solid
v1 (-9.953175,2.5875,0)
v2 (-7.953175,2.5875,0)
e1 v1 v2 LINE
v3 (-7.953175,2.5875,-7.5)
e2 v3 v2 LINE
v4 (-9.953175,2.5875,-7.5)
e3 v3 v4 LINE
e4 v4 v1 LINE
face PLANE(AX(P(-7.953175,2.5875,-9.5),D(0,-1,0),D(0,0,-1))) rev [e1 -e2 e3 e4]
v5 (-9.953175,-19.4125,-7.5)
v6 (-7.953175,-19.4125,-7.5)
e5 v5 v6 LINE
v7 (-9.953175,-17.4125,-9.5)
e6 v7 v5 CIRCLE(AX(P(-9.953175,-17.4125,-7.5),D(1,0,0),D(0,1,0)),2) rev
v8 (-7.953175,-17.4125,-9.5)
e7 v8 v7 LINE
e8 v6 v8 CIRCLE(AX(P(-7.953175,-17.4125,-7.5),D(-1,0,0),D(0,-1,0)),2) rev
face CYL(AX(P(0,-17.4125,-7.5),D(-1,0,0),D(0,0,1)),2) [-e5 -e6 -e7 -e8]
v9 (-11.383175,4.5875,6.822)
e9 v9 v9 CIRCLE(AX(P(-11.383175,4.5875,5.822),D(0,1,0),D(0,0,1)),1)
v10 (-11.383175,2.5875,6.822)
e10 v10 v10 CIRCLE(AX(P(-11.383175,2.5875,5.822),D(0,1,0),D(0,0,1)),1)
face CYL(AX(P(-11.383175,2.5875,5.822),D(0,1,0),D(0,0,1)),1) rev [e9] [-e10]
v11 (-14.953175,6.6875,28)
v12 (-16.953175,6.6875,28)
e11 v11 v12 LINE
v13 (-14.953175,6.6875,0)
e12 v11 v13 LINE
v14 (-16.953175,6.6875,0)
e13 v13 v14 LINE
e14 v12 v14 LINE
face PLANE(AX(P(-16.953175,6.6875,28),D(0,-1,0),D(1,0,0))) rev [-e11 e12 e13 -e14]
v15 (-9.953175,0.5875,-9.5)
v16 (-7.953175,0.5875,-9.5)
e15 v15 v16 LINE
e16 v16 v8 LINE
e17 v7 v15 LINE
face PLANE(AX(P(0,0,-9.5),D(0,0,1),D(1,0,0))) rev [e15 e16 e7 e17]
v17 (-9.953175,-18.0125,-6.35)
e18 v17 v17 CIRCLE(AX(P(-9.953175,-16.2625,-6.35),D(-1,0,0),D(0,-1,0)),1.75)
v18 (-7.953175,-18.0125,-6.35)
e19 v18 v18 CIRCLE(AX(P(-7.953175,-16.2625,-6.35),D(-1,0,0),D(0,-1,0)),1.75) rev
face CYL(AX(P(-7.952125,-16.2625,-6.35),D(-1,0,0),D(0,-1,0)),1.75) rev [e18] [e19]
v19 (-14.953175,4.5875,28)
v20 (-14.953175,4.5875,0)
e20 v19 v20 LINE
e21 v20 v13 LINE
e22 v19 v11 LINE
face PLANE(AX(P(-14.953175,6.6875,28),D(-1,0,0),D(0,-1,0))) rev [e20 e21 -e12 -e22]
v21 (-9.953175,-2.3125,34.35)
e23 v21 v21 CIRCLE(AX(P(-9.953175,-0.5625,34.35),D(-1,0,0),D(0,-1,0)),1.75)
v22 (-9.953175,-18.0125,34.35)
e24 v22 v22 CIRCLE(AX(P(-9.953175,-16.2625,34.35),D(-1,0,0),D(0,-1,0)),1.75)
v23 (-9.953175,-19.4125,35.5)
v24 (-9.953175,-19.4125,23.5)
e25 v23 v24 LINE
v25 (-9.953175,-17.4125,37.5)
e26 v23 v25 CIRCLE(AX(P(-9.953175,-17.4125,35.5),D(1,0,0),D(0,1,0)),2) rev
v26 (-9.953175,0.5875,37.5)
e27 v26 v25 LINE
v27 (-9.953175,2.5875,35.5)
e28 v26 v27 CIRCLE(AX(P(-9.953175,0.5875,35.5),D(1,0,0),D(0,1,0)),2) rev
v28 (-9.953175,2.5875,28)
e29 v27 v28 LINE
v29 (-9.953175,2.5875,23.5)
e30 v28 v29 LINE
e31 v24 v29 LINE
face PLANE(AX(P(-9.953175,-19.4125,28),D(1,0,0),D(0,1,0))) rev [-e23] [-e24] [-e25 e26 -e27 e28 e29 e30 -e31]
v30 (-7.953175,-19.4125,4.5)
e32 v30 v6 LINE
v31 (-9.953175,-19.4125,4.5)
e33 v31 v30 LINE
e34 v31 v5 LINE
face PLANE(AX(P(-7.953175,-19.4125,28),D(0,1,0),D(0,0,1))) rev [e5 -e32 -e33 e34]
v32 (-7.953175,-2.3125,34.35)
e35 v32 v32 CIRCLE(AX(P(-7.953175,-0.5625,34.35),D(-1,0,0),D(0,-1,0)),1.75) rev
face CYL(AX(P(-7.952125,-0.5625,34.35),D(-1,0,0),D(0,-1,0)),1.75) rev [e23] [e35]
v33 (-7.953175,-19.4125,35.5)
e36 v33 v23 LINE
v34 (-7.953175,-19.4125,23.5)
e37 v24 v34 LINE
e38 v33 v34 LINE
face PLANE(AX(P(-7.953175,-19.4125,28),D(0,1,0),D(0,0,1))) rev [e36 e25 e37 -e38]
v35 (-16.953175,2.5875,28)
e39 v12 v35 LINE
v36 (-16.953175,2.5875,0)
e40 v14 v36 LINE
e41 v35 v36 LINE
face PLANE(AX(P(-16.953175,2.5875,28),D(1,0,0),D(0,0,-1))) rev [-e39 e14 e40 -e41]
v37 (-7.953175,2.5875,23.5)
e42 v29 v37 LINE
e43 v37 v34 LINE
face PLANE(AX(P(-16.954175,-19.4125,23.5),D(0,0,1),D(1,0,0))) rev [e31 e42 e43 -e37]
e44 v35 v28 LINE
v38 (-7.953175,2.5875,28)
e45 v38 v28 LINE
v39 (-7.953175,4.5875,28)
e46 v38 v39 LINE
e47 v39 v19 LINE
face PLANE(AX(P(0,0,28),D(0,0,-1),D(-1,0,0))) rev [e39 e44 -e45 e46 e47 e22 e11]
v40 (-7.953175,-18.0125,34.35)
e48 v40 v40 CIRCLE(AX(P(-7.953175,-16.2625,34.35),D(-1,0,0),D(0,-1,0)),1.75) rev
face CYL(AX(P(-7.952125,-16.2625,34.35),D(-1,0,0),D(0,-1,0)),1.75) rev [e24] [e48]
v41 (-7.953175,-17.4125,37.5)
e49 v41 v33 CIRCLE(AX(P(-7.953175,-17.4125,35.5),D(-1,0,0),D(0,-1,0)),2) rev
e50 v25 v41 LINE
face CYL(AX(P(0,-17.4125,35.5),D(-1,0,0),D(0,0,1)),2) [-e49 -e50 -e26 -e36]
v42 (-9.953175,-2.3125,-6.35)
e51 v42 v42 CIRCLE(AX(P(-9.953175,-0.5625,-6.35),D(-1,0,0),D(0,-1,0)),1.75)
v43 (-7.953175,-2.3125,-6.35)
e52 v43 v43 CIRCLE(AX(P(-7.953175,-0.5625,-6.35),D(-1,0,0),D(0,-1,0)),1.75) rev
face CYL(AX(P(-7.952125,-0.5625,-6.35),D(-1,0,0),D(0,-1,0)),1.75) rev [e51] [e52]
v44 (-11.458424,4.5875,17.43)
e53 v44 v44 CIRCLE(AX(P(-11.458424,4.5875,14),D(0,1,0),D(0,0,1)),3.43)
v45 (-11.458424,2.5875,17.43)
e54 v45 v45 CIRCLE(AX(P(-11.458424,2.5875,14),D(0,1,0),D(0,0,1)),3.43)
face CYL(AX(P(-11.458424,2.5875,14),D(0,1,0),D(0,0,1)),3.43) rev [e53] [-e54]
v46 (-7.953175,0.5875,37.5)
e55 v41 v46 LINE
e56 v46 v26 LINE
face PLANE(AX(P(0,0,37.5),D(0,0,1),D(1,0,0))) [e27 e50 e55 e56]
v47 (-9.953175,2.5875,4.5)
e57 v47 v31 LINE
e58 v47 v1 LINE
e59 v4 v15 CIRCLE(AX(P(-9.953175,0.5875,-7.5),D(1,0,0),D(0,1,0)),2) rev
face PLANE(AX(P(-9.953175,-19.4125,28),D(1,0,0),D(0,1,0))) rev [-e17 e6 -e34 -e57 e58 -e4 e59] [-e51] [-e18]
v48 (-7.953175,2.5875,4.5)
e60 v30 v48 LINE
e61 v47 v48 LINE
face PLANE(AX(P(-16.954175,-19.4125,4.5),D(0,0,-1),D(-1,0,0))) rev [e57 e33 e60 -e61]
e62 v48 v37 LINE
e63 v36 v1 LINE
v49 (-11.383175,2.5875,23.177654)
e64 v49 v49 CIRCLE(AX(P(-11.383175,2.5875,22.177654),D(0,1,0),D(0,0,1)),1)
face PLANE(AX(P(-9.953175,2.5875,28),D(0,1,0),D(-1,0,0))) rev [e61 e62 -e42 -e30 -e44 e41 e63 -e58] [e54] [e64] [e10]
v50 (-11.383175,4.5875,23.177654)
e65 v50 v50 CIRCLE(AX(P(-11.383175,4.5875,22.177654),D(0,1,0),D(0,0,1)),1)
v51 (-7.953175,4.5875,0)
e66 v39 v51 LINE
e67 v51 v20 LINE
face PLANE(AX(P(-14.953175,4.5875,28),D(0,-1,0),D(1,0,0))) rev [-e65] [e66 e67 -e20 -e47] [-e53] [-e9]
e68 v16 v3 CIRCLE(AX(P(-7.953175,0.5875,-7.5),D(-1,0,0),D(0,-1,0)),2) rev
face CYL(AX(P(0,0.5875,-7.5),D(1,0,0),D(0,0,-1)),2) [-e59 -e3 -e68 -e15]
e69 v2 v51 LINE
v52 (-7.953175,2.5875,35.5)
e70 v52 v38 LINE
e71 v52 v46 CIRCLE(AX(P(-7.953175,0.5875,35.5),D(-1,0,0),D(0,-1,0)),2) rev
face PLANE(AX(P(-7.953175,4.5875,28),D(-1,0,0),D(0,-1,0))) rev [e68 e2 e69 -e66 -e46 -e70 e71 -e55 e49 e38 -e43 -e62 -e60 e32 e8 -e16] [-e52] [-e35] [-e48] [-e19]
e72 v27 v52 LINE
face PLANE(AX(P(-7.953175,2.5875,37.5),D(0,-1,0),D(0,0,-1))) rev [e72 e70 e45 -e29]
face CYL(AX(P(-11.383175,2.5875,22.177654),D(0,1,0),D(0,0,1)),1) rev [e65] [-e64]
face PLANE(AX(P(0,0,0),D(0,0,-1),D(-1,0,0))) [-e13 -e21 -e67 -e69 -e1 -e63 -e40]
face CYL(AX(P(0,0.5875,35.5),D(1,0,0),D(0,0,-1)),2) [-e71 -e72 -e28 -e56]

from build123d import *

# Parameters (mm, degrees)
BOSS_EXTRUDE3_DEPTH = 28
SKETCH4_R           = 3.43
SKETCH4_R_2         = 1
CUT_EXTRUDE1_DEPTH  = 2
SKETCH6_W           = 2
SKETCH6_H           = 22
BOSS_EXTRUDE4_DEPTH = 9.5
SKETCH7_W           = 2
SKETCH7_H           = 22
BOSS_EXTRUDE5_DEPTH = 9.5
FILLET1_R           = 2
FILLET2_R           = 2
FILLET3_R           = 2
CUT_EXTRUDE2_REACH  = 4
SKETCH8_R           = 1.75
CUT_EXTRUDE3_REACH  = 11
SKETCH9_W           = 19
SKETCH9_H           = 22


with BuildPart() as part:
    # Sketch3 → Boss-Extrude3 (new body)
    with BuildSketch(Plane.XY):
        Polygon((-16.953175304, 6.6875), (-14.953175304, 6.6875), (-14.953175304, 4.5875), (-7.953175304, 4.5875), (-7.953175304, -19.4125), (-9.953175304, -19.4125), (-9.953175304, 2.5875), (-16.953175304, 2.5875), align=None)
    extrude(amount=BOSS_EXTRUDE3_DEPTH)

    # Sketch4 → Cut-Extrude1 (cut)
    with BuildSketch(Plane(origin=(0, 4.5875, 0), x_dir=(1, 0, 0), z_dir=(0, 1, 0))):
        with Locations((-11.458423587, -14)):
            Circle(SKETCH4_R)
        with Locations((-11.383175304, -5.822)):
            Circle(SKETCH4_R_2)
        with Locations((-11.383175304, -22.177653801)):
            Circle(SKETCH4_R_2)
    extrude(amount=-CUT_EXTRUDE1_DEPTH, mode=Mode.SUBTRACT)

    # Sketch6 → Boss-Extrude4 (add)
    with BuildSketch(Plane(origin=(0, 0, 0), x_dir=(-1, 0, 0), z_dir=(0, 0, -1))):
        with Locations((8.953175304, -8.4125)):
            Rectangle(SKETCH6_W, SKETCH6_H)
    extrude(amount=BOSS_EXTRUDE4_DEPTH)

    # Sketch7 → Boss-Extrude5 (add)
    with BuildSketch(Plane.XY.offset(28)):
        with Locations((-8.953175304, -8.4125)):
            Rectangle(SKETCH7_W, SKETCH7_H)
    extrude(amount=BOSS_EXTRUDE5_DEPTH)

    # Fillet1
    fillet1_edges = [part.edges().sort_by_distance(p)[0] for p in [
        (-8.953175304, 2.5875, 37.5),
    ]]
    fillet(fillet1_edges, radius=FILLET1_R)

    # Fillet2
    fillet2_edges = [part.edges().sort_by_distance(p)[0] for p in [
        (-8.953175304, 2.5875, -9.5),
    ]]
    fillet(fillet2_edges, radius=FILLET2_R)

    # Fillet3
    fillet3_edges = [part.edges().sort_by_distance(p)[0] for p in [
        (-8.953175304, -19.4125, -9.5),
        (-8.953175304, -19.4125, 37.5),
    ]]
    fillet(fillet3_edges, radius=FILLET3_R)

    # Sketch8 → Cut-Extrude2 (cut, up to next)
    with BuildSketch(Plane.ZY.offset(9.953175304), mode=Mode.PRIVATE) as cut_extrude2_sk1:
        with Locations((34.35, -0.5625)):
            Circle(SKETCH8_R)
    cut_extrude2_tool1 = extrude(cut_extrude2_sk1.sketch, amount=-CUT_EXTRUDE2_REACH, mode=Mode.PRIVATE) & part.part
    add(cut_extrude2_tool1.solids().sort_by_distance((-9.953175, -0.5625, 34.35))[0], mode=Mode.SUBTRACT)
    # Sketch8 → Cut-Extrude2 (cut, up to next)
    with BuildSketch(Plane.ZY.offset(9.953175304), mode=Mode.PRIVATE) as cut_extrude2_sk2:
        with Locations((-6.35, -0.5625)):
            Circle(SKETCH8_R)
    cut_extrude2_tool2 = extrude(cut_extrude2_sk2.sketch, amount=-CUT_EXTRUDE2_REACH, mode=Mode.PRIVATE) & part.part
    add(cut_extrude2_tool2.solids().sort_by_distance((-9.953175, -0.5625, -6.35))[0], mode=Mode.SUBTRACT)
    # Sketch8 → Cut-Extrude2 (cut, up to next)
    with BuildSketch(Plane.ZY.offset(9.953175304), mode=Mode.PRIVATE) as cut_extrude2_sk3:
        with Locations((-6.35, -16.2625)):
            Circle(SKETCH8_R)
    cut_extrude2_tool3 = extrude(cut_extrude2_sk3.sketch, amount=-CUT_EXTRUDE2_REACH, mode=Mode.PRIVATE) & part.part
    add(cut_extrude2_tool3.solids().sort_by_distance((-9.953175, -16.2625, -6.35))[0], mode=Mode.SUBTRACT)
    # Sketch8 → Cut-Extrude2 (cut, up to next)
    with BuildSketch(Plane.ZY.offset(9.953175304), mode=Mode.PRIVATE) as cut_extrude2_sk4:
        with Locations((34.35, -16.2625)):
            Circle(SKETCH8_R)
    cut_extrude2_tool4 = extrude(cut_extrude2_sk4.sketch, amount=-CUT_EXTRUDE2_REACH, mode=Mode.PRIVATE) & part.part
    add(cut_extrude2_tool4.solids().sort_by_distance((-9.953175, -16.2625, 34.35))[0], mode=Mode.SUBTRACT)

    # Sketch9 → Cut-Extrude3 (cut, up to next)
    with BuildSketch(Plane(origin=(-7.953175304, 0, 0), x_dir=(0, 0, -1), z_dir=(1, 0, 0)), mode=Mode.PRIVATE) as cut_extrude3_sk1:
        with Locations((-14, -8.4125)):
            Rectangle(SKETCH9_W, SKETCH9_H)
    cut_extrude3_tool1 = extrude(cut_extrude3_sk1.sketch, amount=-CUT_EXTRUDE3_REACH, mode=Mode.PRIVATE) & part.part
    add(cut_extrude3_tool1.solids().sort_by_distance((-7.953175, -8.4125, 14))[0], mode=Mode.SUBTRACT)


solid = part.part
